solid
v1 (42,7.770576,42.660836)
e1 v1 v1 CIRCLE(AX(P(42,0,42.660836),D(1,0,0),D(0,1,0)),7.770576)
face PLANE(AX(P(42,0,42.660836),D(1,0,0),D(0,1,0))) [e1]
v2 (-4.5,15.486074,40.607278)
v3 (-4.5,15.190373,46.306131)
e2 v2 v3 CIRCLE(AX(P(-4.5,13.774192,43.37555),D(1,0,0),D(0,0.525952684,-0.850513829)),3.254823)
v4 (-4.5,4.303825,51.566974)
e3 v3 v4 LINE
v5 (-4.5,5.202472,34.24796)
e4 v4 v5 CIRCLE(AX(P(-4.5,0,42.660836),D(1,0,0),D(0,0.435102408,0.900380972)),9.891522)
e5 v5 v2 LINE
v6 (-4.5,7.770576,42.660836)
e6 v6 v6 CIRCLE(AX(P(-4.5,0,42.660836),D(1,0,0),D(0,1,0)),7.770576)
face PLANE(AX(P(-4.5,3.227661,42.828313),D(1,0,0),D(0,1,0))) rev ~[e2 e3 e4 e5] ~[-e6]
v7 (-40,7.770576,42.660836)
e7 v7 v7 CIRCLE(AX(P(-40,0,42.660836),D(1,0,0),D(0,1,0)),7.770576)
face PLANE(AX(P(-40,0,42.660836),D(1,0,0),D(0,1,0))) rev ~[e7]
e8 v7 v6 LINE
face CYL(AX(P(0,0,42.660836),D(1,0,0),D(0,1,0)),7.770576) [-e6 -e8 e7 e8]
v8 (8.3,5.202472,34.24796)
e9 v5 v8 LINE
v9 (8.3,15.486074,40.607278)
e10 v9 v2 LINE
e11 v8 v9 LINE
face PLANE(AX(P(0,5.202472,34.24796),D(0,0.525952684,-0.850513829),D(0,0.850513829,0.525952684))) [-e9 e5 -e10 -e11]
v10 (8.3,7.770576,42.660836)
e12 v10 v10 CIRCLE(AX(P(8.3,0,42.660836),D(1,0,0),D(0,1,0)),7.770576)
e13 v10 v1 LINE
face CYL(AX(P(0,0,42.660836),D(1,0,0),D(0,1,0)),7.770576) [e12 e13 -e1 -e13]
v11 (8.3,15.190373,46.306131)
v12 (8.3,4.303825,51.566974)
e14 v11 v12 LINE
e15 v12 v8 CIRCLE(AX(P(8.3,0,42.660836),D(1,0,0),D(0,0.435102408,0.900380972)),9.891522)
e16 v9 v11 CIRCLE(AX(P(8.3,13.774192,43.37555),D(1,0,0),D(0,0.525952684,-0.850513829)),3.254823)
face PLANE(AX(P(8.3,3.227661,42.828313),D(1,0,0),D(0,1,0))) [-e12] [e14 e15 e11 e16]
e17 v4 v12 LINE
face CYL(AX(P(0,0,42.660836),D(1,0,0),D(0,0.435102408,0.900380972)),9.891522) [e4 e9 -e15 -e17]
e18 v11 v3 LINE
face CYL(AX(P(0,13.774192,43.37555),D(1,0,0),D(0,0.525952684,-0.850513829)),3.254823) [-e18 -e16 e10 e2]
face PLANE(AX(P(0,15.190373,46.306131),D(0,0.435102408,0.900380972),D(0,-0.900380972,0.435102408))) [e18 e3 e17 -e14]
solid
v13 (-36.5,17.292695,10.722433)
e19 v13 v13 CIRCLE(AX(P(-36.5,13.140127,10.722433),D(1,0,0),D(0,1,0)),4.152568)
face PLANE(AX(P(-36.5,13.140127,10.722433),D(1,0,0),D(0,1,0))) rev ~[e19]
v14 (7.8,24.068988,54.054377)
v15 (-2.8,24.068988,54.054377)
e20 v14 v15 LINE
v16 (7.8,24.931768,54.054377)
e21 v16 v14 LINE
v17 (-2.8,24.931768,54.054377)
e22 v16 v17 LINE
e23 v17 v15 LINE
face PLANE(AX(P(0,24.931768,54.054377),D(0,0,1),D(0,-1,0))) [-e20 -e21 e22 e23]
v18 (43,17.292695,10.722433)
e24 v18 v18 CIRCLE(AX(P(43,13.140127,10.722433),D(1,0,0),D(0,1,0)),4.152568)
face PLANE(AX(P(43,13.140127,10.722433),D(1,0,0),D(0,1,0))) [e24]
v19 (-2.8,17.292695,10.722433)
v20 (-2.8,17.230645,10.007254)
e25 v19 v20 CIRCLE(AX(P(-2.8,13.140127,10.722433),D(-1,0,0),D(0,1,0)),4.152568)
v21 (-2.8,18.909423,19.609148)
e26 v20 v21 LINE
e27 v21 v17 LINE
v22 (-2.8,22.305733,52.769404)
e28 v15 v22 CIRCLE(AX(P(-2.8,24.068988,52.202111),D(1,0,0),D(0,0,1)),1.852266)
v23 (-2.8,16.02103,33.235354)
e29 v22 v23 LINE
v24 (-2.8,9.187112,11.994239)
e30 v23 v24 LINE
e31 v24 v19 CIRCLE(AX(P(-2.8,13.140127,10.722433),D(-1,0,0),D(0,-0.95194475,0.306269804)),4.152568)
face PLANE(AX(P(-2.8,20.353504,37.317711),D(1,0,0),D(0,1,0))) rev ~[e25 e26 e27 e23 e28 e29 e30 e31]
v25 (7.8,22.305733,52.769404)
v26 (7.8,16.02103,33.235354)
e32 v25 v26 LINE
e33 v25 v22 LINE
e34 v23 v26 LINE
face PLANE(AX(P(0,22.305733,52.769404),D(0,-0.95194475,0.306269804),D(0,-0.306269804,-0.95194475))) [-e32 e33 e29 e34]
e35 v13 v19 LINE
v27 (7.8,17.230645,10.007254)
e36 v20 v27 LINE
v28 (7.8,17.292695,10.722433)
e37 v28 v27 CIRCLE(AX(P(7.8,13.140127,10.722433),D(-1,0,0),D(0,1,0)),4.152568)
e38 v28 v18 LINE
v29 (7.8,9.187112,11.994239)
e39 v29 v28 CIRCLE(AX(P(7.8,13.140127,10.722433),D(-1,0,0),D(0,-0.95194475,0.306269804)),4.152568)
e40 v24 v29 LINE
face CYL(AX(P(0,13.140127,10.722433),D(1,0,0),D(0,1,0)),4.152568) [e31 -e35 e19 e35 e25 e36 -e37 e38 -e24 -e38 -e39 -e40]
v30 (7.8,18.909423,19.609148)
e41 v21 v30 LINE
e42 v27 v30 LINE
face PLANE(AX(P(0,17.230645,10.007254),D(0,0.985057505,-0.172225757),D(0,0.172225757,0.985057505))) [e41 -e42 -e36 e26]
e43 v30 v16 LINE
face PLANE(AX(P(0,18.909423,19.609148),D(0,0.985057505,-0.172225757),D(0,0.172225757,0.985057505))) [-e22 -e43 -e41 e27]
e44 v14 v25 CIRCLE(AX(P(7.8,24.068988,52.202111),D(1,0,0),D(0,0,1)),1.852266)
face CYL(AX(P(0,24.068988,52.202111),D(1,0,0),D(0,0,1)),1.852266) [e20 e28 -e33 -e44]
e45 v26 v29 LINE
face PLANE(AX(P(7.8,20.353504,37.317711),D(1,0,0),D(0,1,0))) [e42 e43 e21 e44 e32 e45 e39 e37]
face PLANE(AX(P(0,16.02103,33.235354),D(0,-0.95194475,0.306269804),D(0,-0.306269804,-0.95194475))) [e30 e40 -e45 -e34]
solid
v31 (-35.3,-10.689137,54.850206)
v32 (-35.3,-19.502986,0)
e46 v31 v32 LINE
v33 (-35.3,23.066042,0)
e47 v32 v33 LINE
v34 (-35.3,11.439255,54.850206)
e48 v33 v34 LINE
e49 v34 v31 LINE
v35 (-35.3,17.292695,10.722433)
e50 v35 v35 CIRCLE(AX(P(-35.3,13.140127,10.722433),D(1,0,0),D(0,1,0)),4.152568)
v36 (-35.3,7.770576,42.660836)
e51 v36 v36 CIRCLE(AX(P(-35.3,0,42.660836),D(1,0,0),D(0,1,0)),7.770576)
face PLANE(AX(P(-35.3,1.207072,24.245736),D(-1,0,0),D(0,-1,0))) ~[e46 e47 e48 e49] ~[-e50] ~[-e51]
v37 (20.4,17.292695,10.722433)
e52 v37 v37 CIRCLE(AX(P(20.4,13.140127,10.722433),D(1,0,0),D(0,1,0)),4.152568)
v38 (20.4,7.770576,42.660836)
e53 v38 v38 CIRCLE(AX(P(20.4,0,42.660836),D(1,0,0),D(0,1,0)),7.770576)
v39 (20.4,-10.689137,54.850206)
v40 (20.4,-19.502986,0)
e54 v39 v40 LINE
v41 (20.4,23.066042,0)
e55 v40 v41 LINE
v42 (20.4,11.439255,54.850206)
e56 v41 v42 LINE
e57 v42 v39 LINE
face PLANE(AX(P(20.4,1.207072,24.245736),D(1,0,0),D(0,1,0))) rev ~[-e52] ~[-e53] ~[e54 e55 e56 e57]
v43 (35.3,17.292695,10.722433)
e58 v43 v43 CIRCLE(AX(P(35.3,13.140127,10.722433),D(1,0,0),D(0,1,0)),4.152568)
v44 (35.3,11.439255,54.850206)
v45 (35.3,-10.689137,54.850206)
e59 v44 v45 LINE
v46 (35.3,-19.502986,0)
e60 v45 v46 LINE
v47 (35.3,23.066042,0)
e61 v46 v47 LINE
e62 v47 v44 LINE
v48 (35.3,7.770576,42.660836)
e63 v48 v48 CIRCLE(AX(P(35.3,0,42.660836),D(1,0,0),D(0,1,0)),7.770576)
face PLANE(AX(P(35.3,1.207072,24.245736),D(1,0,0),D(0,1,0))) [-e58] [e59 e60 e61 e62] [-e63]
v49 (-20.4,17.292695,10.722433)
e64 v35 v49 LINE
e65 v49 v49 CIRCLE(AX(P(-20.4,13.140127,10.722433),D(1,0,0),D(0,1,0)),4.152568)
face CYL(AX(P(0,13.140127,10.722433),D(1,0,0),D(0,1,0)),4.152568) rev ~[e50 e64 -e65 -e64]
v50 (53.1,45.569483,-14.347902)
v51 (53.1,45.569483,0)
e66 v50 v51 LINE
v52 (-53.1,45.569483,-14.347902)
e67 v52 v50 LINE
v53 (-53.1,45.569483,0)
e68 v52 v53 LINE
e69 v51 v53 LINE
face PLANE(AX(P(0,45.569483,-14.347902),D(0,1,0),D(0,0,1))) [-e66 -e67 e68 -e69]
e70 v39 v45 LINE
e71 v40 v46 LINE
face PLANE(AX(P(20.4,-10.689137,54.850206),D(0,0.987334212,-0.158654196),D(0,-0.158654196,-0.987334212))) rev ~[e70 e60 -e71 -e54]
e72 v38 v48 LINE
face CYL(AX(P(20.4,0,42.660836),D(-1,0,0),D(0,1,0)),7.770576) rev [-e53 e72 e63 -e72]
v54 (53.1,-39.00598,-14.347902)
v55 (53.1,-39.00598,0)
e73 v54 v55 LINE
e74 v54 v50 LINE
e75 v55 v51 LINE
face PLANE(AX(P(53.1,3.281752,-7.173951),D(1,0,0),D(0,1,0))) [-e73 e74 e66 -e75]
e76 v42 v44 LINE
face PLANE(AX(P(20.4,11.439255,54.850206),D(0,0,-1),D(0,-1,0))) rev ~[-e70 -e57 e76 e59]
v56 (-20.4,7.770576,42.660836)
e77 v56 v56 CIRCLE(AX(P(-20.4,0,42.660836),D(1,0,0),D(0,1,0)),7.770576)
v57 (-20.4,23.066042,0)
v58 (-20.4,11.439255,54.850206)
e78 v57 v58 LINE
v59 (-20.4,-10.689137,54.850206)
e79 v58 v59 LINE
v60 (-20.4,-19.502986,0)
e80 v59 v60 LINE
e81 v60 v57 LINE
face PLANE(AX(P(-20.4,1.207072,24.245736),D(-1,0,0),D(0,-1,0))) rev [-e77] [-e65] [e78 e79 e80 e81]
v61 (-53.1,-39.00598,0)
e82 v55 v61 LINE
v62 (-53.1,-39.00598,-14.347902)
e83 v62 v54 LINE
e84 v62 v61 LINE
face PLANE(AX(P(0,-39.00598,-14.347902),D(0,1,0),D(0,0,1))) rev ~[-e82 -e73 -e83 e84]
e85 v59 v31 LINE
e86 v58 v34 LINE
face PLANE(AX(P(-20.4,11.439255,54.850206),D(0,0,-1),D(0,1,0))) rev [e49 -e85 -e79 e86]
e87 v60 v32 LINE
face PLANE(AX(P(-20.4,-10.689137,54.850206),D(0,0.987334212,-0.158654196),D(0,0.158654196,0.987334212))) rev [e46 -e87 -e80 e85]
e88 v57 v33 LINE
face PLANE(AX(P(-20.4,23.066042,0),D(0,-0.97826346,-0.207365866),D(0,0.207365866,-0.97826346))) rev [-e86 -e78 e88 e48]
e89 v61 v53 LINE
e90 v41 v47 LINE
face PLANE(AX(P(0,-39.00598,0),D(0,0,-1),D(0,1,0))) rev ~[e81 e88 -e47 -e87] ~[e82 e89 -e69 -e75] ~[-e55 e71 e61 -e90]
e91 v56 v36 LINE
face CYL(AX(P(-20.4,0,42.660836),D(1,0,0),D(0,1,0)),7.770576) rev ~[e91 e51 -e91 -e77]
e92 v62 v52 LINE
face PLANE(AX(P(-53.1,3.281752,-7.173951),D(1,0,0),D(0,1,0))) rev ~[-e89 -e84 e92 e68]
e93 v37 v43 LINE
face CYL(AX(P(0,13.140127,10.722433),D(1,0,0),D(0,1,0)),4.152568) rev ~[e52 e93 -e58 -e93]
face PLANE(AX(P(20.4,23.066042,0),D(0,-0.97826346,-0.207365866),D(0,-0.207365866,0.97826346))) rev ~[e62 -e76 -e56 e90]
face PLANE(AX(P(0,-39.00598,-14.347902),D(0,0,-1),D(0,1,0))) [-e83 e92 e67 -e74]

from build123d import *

# Parameters (mm, degrees)
F0_W           = 84.5754630864
F0_H           = 14.3479024991
F1_DEPTH       = 53.1
F3_START       = 20.4
F2_R           = 7.7705756534
F3_DEPTH       = 14.9
F5_DEPTH       = 42
F5_DEPTH_BACK  = 40
F6_R           = 7.7705756534
F7_DEPTH       = 8.3
F7_DEPTH_BACK  = 4.5
F8_R           = 4.1525675238
F9_DEPTH       = 43
F9_DEPTH_BACK  = 36.5
F12_DEPTH      = 7.8
F12_DEPTH_BACK = 2.8


with BuildPart() as f1:
    # F0 (on Right) → F1 (new body, symmetric)
    with BuildSketch(Plane.YZ):
        with Locations((3.2817516476, -7.1739512496)):
            Rectangle(F0_W, F0_H)
    extrude(amount=F1_DEPTH, both=True)

    # F2 (on Right) → F3 (join)
    with BuildSketch(Plane.YZ.offset(F3_START)):
        Polygon((-10.6891365722, 54.8502057791), (-19.5029862225, 0), (23.0660419911, 0), (11.4392554387, 54.8502057791), align=None)
        with Locations((0, 42.6608361304)):
            Circle(F2_R, mode=Mode.SUBTRACT)
    extrude(amount=F3_DEPTH)

    # F4: F1 across plane


with BuildPart() as f1_1:
    add(f1.part)
    add(f1.part.mirror(Plane.YZ))


with BuildPart() as f5:
    # F2 (on Right) → F5 (new body, two sides)
    with BuildSketch(Plane.YZ) as f5_sk:
        with Locations((0, 42.6608361304)):
            Circle(F2_R)
    extrude(amount=F5_DEPTH)
    extrude(f5_sk.sketch, amount=-F5_DEPTH_BACK)

    # F6 (on Right) → F7 (join, two sides)
    with BuildSketch(Plane.YZ) as f7_sk:
        with BuildLine():
            Line((15.1903728216, 46.3061307258), (4.3038249038, 51.5669740377))
            ThreePointArc((4.3038249038, 51.5669740377), (-9.8782327658, 42.1482752543), (5.202472379, 34.2479601434))
            Line((5.202472379, 34.2479601434), (15.4860743749, 40.6072783388))
            ThreePointArc((15.4860743749, 40.6072783388), (17.0246416631, 43.5442092451), (15.1903728216, 46.3061307258))
        make_face()
        with Locations((0, 42.6608361304)):
            Circle(F6_R, mode=Mode.SUBTRACT)
    extrude(amount=F7_DEPTH)
    extrude(f7_sk.sketch, amount=-F7_DEPTH_BACK)


with BuildPart() as f9:
    # F8 (on face) → F9 (new body, two sides)
    with BuildSketch(Plane.YZ) as f9_sk:
        with Locations((13.1401270628, 10.7224332169)):
            Circle(F8_R)
    extrude(amount=F9_DEPTH)
    extrude(f9_sk.sketch, amount=-F9_DEPTH_BACK)


with BuildPart() as f1_2:
    add(f1_1.part)

    # F10: cut F9
    add(f9.part, mode=Mode.SUBTRACT)


with BuildPart() as f9_1:
    add(f9.part)

    # F11 (on face) → F12 (join, two sides)
    with BuildSketch(Plane.YZ) as f12_sk:
        with BuildLine():
            Line((22.3057325511, 52.7694041005), (16.0210298515, 33.2353538817))
            Line((16.0210298515, 33.2353538817), (18.9094234847, 19.6091481849))
            Line((18.9094234847, 19.6091481849), (24.9317679843, 54.0543771534))
            Line((24.9317679843, 54.0543771534), (24.0689877174, 54.0543771534))
            ThreePointArc((24.0689877174, 54.0543771534), (22.9780907782, 53.6990525036), (22.3057325511, 52.7694041005))
        make_face()
        with BuildLine():
            ThreePointArc((9.1871122098, 11.9942392601), (13.7838101914, 14.8248092442), (17.2926945866, 10.7224332169))
            ThreePointArc((17.2926945866, 10.7224332169), (17.2771530738, 10.3635003213), (17.2306448678, 10.0072541299))
            Line((17.2306448678, 10.0072541299), (18.9094234847, 19.6091481849))
            Line((18.9094234847, 19.6091481849), (16.0210298515, 33.2353538817))
            Line((16.0210298515, 33.2353538817), (9.1871122098, 11.9942392601))
        make_face()
    extrude(amount=F12_DEPTH)
    extrude(f12_sk.sketch, amount=-F12_DEPTH_BACK)


solid = Compound([f5.part, f1_2.part, f9_1.part])
